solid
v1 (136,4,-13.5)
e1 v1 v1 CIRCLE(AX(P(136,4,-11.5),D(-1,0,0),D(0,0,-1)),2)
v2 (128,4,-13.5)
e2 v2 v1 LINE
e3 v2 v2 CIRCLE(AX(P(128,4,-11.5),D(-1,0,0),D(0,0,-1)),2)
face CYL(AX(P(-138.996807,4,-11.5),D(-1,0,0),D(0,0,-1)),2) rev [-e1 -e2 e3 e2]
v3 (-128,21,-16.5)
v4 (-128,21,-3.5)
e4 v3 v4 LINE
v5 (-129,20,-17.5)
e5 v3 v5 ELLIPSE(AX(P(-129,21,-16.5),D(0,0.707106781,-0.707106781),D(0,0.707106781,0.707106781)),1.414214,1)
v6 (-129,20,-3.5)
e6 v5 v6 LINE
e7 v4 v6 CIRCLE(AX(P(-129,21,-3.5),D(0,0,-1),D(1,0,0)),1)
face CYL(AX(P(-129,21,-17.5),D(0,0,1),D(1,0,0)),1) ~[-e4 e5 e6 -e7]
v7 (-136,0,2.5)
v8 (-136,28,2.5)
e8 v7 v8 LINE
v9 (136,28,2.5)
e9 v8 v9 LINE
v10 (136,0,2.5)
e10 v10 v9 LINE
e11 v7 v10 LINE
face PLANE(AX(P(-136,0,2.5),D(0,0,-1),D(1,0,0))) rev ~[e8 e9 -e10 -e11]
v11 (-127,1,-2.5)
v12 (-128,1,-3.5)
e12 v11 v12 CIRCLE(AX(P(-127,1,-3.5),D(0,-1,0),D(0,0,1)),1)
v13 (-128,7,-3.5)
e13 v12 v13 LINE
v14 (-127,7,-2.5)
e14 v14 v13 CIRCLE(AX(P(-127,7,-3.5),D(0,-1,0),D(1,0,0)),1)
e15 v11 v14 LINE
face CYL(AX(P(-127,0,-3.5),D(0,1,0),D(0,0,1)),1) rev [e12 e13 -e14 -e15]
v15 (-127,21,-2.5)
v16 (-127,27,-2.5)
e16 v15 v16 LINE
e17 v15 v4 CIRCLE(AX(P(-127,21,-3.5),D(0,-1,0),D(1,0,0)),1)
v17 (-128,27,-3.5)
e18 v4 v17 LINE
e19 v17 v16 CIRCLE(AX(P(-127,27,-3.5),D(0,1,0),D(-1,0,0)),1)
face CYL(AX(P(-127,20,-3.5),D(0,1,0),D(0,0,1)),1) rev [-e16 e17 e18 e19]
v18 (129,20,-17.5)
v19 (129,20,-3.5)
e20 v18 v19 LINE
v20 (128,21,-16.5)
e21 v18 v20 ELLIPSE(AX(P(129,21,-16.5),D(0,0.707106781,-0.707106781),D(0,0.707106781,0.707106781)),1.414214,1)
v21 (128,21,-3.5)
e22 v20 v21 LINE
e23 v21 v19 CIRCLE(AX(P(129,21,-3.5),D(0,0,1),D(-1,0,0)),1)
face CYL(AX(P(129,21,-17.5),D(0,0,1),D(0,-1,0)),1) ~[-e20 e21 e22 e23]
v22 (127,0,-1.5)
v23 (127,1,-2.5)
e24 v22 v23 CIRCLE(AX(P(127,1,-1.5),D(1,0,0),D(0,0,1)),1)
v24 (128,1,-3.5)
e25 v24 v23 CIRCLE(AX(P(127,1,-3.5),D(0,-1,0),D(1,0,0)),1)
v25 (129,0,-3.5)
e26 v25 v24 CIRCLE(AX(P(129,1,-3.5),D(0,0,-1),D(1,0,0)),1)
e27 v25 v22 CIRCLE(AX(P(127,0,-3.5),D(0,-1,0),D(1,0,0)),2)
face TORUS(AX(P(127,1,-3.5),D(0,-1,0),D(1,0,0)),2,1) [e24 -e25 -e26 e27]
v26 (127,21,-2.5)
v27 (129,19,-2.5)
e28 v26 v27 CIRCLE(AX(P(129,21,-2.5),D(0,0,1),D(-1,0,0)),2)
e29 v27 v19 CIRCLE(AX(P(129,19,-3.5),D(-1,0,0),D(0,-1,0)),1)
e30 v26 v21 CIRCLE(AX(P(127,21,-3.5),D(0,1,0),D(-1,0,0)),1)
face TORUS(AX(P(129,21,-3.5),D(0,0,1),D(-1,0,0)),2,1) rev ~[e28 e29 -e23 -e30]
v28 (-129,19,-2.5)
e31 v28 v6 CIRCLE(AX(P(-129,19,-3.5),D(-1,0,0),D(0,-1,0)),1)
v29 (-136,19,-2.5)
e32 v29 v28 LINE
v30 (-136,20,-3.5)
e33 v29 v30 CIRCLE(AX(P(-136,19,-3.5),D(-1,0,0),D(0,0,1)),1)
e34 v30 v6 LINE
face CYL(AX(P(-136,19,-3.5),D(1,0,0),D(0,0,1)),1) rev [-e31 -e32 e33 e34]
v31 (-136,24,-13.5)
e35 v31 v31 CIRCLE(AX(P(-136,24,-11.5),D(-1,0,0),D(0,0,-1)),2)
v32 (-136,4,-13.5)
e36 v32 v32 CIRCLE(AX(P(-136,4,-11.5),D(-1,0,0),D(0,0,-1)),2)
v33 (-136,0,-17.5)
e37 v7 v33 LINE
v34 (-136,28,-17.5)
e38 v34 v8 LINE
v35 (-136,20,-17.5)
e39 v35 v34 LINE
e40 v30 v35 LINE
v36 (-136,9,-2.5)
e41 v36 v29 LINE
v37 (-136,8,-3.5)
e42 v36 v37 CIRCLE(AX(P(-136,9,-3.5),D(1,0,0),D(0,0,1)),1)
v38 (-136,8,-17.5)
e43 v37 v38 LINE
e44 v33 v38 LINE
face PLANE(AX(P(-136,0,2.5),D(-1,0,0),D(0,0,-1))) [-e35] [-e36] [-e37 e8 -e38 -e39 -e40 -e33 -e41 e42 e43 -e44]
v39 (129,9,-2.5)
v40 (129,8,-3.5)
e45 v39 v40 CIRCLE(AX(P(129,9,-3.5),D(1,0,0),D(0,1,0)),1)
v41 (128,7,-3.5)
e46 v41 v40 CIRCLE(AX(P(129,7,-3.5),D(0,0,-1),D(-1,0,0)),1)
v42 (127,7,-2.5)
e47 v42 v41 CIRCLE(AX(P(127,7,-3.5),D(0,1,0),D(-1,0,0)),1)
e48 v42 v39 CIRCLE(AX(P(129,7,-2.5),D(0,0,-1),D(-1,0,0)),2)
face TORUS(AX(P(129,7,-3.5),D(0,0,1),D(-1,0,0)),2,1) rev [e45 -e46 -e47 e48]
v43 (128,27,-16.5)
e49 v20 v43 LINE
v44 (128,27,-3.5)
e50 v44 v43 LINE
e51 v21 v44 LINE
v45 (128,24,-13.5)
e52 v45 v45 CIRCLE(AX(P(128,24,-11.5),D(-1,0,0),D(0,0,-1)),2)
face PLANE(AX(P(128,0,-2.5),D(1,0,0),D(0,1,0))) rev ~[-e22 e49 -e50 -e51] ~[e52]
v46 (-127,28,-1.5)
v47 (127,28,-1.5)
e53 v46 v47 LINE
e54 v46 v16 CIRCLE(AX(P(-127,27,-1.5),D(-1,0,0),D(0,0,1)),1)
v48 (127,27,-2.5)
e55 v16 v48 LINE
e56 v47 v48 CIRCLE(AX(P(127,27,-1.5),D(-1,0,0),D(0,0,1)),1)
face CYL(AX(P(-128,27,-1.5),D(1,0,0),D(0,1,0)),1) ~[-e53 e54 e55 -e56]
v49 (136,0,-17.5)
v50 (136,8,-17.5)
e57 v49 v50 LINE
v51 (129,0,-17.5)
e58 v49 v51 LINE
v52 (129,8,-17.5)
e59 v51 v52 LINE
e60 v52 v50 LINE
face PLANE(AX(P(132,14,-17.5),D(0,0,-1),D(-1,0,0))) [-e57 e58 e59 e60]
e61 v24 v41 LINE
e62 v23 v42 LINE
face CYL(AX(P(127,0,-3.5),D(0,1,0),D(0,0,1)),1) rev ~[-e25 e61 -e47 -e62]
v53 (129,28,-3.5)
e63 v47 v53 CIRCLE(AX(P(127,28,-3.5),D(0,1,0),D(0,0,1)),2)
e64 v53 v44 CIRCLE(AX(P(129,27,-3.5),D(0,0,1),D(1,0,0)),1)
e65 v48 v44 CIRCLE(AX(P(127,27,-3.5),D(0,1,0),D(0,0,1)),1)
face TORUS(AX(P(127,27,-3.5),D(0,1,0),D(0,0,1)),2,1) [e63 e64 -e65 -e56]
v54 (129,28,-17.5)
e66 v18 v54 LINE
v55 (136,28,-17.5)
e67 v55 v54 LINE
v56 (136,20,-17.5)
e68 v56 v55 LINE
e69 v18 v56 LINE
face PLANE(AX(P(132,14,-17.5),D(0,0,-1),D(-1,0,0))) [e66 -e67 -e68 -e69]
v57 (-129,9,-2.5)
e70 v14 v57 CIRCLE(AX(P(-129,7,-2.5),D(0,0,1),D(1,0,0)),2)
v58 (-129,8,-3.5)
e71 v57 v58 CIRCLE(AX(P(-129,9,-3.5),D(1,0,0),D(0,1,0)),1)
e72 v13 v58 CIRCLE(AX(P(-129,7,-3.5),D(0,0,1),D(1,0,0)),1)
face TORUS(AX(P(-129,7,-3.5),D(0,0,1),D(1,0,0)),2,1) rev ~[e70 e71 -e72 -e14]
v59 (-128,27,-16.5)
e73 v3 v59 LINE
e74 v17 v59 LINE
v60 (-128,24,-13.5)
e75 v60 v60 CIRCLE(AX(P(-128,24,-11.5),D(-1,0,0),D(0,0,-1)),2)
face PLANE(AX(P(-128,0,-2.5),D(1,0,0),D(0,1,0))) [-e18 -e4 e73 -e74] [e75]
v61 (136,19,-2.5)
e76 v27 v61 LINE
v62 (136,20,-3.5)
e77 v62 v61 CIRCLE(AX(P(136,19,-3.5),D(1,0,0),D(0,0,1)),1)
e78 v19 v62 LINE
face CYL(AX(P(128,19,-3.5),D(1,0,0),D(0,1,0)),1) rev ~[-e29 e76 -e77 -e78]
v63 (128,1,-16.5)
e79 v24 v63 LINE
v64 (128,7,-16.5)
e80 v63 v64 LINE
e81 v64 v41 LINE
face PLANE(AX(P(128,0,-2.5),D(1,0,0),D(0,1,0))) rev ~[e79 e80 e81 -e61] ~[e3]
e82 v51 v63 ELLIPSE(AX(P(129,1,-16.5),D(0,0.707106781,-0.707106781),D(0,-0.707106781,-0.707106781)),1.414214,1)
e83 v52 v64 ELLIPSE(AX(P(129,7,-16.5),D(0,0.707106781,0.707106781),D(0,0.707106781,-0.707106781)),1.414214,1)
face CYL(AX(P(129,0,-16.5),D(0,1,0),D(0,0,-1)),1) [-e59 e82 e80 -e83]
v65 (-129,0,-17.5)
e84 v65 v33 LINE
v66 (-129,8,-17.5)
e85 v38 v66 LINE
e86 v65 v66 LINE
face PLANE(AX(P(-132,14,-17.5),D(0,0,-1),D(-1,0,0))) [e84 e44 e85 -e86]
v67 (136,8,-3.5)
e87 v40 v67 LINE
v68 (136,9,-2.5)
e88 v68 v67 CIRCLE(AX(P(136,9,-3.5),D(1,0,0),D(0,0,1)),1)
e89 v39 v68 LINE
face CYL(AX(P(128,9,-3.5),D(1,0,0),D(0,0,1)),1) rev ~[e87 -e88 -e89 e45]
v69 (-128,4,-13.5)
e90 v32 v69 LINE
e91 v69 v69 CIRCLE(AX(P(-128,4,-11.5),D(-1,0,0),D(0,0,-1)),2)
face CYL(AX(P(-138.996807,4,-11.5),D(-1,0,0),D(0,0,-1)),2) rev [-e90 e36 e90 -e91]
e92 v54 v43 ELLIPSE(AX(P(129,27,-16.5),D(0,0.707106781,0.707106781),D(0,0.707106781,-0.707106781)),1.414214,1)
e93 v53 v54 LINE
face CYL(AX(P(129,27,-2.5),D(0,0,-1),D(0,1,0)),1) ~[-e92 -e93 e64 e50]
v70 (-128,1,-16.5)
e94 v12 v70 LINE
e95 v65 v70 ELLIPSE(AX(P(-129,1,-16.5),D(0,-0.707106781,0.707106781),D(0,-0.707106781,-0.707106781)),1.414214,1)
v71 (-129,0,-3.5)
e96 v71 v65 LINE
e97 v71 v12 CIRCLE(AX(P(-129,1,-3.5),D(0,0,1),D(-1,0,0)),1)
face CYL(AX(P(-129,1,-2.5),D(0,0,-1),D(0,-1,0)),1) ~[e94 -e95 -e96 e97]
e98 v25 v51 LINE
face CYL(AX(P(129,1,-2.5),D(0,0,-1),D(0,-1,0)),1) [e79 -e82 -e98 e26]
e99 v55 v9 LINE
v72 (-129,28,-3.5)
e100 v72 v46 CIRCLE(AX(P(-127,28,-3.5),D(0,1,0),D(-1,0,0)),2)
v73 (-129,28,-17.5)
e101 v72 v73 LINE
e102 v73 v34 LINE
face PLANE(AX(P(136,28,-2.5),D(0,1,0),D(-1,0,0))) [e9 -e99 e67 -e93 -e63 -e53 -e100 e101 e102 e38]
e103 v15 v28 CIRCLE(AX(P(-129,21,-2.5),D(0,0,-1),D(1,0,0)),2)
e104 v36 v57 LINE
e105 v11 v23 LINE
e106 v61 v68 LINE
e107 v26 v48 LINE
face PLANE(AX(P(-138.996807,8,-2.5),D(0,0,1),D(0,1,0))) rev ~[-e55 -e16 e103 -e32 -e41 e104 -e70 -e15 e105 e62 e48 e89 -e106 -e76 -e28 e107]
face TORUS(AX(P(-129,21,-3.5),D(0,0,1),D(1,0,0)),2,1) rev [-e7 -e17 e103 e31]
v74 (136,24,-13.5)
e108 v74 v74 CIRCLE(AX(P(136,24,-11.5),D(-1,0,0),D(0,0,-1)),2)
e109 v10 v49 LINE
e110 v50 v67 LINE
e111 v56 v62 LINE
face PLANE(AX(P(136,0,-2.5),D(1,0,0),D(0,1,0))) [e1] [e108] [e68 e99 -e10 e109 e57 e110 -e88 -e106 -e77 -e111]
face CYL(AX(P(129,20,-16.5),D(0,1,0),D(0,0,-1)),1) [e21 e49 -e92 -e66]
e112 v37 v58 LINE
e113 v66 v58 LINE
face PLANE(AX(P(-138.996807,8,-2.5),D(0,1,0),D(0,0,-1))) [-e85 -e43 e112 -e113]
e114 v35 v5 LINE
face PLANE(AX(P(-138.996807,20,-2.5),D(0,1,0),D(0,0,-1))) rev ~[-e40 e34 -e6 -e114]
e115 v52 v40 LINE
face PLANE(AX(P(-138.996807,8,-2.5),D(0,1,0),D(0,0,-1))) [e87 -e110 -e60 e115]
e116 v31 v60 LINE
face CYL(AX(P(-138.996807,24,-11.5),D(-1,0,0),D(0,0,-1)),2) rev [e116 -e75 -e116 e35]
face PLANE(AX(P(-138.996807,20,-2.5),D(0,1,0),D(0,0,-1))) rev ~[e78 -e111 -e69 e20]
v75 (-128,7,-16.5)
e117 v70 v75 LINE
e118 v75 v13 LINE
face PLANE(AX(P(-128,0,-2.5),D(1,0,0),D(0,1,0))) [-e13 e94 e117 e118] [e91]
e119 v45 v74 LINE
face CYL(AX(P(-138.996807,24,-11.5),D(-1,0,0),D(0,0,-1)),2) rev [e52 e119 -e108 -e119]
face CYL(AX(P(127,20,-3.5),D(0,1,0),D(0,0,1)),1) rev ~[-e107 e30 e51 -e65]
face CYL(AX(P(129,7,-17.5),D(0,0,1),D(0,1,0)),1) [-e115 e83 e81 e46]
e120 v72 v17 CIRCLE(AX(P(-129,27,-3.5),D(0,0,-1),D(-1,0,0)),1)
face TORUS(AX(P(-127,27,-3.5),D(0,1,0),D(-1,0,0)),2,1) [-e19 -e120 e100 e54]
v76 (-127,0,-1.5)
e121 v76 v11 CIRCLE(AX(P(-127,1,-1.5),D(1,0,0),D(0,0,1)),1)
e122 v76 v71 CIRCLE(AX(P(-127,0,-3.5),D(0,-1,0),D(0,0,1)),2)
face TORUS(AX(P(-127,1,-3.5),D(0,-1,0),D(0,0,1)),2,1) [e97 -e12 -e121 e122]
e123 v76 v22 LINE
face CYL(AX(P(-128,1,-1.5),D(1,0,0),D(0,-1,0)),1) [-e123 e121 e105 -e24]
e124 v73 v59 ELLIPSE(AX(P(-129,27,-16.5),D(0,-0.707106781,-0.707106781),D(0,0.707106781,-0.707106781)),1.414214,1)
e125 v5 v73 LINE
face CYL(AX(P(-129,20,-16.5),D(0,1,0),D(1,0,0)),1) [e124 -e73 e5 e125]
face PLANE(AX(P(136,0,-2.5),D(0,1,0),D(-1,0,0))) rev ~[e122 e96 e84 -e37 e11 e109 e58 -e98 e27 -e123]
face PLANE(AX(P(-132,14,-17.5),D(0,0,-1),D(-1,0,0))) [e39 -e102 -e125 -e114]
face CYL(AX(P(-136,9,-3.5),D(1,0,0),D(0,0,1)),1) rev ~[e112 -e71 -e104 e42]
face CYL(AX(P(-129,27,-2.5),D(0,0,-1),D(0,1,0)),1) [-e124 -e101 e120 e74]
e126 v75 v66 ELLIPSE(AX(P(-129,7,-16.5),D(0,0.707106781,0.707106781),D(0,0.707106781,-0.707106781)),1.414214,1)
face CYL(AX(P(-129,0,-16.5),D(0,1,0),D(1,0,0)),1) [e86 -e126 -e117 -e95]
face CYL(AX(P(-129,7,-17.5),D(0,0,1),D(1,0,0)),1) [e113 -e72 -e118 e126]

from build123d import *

# Parameters (mm, degrees)
SKETCH1_W               = 272
SKETCH1_H               = 5
BOSS_EXTRUDE1_DEPTH     = 28
SKETCH2_W               = 8
SKETCH2_H               = 28
BOSS_EXTRUDE2_DEPTH     = 15
CUT_EXTRUDE1_DEPTH      = 274.996806551
CUT_EXTRUDE1_DEPTH_BACK = 274.996806551
SKETCH3_W               = 15
SKETCH3_H               = 12
FILLET1_R               = 1
CUT_EXTRUDE2_DEPTH      = 274.996806551
CUT_EXTRUDE2_DEPTH_BACK = 274.996806551
SKETCH4_R               = 2


with BuildPart() as part:
    # Sketch1 → Boss-Extrude1 (new body)
    with BuildSketch(Plane(origin=(0, 0, 0), x_dir=(1, 0, 0), z_dir=(0, 1, 0))):
        Rectangle(SKETCH1_W, SKETCH1_H)
    extrude(amount=BOSS_EXTRUDE1_DEPTH)

    # Sketch2 → Boss-Extrude2 (add)
    with BuildSketch(Plane(origin=(0, 0, -2.5), x_dir=(-1, 0, 0), z_dir=(0, 0, -1))):
        with Locations((-132, 14)):
            Rectangle(SKETCH2_W, SKETCH2_H)
        with Locations((132, 14)):
            Rectangle(SKETCH2_W, SKETCH2_H)
    extrude(amount=BOSS_EXTRUDE2_DEPTH)

    # Sketch3 → Cut-Extrude1 (cut, two sides: drawn at the far end of the back side and taken through both)
    with BuildSketch(Plane(origin=(136, 0, 0), x_dir=(0, 0, -1), z_dir=(1, 0, 0)).offset(-CUT_EXTRUDE1_DEPTH_BACK)):
        with Locations((10, 14)):
            Rectangle(SKETCH3_W, SKETCH3_H)
    extrude(amount=CUT_EXTRUDE1_DEPTH + CUT_EXTRUDE1_DEPTH_BACK, mode=Mode.SUBTRACT)

    # Fillet1
    fillet1_edges = [part.edges().sort_by_distance(p)[0] for p in [
        (0, 0, -2.5),
        (0, 28, -2.5),
        (128, 4, -2.5),
        (128, 0, -10),
        (128, 28, -10),
        (128, 4, -17.5),
        (-128, 24, -2.5),
        (-128, 28, -10),
        (-128, 0, -10),
        (-128, 24, -17.5),
        (-128, 4, -17.5),
        (-128, 4, -2.5),
        (128, 24, -17.5),
        (128, 24, -2.5),
        (132, 8, -2.5),
        (-132, 8, -2.5),
        (132, 20, -2.5),
        (-132, 20, -2.5),
        (128, 8, -10),
        (-128, 8, -10),
        (128, 20, -10),
        (-128, 20, -10),
    ]]
    fillet(fillet1_edges, radius=FILLET1_R)

    # Sketch4 → Cut-Extrude2 (cut, two sides: drawn at the far end of the back side and taken through both)
    with BuildSketch(Plane(origin=(136, 0, 0), x_dir=(0, 0, -1), z_dir=(1, 0, 0)).offset(-CUT_EXTRUDE2_DEPTH_BACK)):
        with Locations((11.5, 24)):
            Circle(SKETCH4_R)
        with Locations((11.5, 4)):
            Circle(SKETCH4_R)
    extrude(amount=CUT_EXTRUDE2_DEPTH + CUT_EXTRUDE2_DEPTH_BACK, mode=Mode.SUBTRACT)


solid = part.part
